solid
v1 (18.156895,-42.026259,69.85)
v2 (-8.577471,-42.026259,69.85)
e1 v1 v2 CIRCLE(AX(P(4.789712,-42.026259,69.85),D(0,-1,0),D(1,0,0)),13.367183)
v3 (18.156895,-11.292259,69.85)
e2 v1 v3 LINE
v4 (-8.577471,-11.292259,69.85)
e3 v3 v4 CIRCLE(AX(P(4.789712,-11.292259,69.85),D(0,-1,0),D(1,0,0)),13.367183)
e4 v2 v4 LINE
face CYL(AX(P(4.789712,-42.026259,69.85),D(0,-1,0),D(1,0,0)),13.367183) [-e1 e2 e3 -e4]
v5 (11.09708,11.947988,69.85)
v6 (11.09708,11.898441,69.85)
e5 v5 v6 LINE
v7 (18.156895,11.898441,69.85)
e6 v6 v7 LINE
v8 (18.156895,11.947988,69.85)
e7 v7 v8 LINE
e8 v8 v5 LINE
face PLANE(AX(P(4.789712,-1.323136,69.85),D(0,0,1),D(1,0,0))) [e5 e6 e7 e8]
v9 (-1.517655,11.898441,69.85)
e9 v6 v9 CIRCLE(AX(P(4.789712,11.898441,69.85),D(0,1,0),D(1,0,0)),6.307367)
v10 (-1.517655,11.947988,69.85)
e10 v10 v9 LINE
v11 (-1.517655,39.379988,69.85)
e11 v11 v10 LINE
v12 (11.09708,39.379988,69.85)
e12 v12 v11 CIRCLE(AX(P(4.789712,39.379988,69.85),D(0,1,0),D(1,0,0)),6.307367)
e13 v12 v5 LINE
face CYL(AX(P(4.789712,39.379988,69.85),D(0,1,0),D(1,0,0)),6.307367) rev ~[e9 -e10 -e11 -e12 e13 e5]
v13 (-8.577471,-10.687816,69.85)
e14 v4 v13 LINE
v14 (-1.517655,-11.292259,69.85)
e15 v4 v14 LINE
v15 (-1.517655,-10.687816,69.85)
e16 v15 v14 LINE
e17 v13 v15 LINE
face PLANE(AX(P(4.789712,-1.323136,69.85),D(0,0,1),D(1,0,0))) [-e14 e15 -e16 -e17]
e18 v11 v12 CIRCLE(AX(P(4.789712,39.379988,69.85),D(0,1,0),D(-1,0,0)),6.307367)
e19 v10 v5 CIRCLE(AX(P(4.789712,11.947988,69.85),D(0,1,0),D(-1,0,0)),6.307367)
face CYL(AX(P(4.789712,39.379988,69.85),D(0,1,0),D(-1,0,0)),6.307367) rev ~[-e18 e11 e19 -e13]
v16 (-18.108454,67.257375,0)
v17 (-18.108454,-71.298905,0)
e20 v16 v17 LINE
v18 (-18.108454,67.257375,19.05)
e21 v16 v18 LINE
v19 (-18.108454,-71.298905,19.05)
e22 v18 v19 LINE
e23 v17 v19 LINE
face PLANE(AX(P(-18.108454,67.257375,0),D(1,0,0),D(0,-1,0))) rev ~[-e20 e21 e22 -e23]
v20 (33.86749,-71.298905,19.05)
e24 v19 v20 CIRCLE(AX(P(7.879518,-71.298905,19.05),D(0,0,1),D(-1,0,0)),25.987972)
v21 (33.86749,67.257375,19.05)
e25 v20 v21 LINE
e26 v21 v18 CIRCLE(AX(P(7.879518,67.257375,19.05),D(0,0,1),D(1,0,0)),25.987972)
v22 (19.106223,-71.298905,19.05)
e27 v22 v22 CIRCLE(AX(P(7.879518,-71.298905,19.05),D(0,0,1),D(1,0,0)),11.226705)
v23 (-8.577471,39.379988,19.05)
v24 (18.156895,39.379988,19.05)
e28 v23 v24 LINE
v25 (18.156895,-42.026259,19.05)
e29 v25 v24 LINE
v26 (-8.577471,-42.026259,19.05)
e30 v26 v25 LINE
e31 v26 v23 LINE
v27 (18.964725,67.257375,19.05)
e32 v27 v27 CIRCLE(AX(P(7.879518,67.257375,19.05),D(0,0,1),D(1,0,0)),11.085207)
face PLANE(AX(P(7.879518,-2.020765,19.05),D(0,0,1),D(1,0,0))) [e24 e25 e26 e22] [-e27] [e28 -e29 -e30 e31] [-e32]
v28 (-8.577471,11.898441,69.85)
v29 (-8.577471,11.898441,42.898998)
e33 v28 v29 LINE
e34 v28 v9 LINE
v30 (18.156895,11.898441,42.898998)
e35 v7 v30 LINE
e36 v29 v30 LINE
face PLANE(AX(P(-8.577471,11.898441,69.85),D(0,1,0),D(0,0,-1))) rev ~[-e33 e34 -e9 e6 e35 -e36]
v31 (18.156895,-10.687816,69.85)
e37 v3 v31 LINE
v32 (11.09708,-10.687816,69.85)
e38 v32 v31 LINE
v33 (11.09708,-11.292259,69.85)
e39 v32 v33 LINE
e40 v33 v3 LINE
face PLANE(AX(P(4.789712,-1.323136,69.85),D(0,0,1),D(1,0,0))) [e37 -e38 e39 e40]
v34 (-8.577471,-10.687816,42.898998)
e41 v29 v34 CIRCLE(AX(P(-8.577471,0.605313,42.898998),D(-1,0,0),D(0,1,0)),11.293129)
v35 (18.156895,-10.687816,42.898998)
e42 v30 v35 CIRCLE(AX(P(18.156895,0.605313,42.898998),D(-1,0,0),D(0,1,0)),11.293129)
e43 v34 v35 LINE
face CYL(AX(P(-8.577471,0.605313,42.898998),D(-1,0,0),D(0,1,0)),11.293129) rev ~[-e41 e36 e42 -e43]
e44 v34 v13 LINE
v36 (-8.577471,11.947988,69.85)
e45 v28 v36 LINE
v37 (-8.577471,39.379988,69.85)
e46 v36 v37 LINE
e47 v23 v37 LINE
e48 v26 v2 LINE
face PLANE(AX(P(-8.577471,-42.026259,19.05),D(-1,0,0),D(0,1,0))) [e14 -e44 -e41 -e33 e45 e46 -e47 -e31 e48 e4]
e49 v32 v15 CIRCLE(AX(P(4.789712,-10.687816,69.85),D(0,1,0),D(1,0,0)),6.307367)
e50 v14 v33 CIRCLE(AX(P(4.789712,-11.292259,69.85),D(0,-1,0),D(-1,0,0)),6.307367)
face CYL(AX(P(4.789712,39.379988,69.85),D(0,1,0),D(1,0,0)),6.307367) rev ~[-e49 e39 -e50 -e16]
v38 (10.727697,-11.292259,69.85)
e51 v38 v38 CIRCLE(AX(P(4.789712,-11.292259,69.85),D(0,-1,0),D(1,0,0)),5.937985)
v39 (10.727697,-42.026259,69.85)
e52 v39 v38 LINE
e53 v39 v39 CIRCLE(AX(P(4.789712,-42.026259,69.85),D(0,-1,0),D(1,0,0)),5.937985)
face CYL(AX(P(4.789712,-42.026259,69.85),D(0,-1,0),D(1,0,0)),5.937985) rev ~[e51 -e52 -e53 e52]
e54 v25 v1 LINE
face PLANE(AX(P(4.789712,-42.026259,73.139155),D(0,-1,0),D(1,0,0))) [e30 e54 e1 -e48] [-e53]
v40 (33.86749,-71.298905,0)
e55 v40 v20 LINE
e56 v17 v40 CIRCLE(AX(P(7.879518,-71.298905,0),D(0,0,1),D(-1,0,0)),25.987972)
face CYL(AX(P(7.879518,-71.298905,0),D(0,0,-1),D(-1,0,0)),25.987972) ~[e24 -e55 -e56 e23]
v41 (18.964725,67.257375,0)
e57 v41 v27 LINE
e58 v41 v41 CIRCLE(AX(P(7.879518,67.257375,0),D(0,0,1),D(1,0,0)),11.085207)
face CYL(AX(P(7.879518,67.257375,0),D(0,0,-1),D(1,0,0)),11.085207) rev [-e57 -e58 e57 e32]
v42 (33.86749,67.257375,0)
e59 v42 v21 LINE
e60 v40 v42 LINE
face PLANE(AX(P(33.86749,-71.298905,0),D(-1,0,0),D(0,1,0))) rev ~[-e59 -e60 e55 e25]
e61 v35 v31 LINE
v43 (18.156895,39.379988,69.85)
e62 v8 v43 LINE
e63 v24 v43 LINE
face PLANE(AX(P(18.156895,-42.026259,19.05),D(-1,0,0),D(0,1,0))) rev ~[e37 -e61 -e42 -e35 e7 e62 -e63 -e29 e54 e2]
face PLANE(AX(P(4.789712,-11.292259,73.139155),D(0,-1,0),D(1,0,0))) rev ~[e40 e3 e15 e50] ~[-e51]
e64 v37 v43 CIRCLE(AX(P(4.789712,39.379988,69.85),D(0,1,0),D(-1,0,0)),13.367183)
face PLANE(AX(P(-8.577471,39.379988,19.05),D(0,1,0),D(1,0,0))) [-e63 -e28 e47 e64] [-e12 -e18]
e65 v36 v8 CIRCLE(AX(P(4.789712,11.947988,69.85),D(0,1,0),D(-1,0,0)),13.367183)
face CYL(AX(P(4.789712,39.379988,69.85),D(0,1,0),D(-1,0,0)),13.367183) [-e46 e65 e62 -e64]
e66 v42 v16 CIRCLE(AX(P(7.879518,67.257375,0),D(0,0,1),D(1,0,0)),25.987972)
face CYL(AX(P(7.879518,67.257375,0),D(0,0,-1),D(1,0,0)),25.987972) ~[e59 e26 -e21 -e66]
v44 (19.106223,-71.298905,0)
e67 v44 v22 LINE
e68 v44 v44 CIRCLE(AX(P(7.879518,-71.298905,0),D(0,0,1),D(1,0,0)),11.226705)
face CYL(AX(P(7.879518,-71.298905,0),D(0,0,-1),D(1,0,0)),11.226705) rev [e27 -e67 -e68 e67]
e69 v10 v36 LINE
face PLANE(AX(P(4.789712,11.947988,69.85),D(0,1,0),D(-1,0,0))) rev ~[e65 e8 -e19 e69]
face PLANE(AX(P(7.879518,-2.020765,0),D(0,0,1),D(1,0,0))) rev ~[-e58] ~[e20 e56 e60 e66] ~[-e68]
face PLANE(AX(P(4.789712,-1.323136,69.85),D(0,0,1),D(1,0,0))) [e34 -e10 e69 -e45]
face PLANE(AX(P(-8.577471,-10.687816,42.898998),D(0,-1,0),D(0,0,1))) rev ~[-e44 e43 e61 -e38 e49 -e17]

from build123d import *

# Parameters (mm, degrees)
F0_R      = 11.2267046734
F0_R_2    = 11.0852071495
F1_DEPTH  = 19.05
F2_W      = 26.7343660817
F2_H      = 81.4062468708
F3_DEPTH  = 50.8
F5_DEPTH  = 42.4459602142
F6_R      = 6.3073673096
F7_DEPTH  = 27.432
F8_DEPTH  = 136.6678641567
F9_R      = 5.937984747
F10_DEPTH = 30.734


with BuildPart() as f1:
    # F0 (on Top) → F1 (new body)
    with BuildSketch(Plane.XY):
        with BuildLine():
            Line((-18.1084536016, 67.2573745251), (-18.1084536016, -71.298904717))
            ThreePointArc((-18.1084536016, -71.298904717), (7.8795179725, -97.286876291), (33.8674895465, -71.298904717))
            Line((33.8674895465, -71.298904717), (33.8674895465, 67.2573745251))
            ThreePointArc((33.8674895465, 67.2573745251), (7.8795179725, 93.2453460991), (-18.1084536016, 67.2573745251))
        make_face()
        with Locations((7.8795179725, -71.298904717)):
            Circle(F0_R, mode=Mode.SUBTRACT)
        with Locations((7.8795179725, 67.2573745251)):
            Circle(F0_R_2, mode=Mode.SUBTRACT)
    extrude(amount=F1_DEPTH)

    # F2 (on face) → F3 (join)
    with BuildSketch(Plane.XY.offset(19.05)):
        with Locations((4.7897123732, -1.3231355697)):
            Rectangle(F2_W, F2_H)
    extrude(amount=F3_DEPTH)

    # F4 (on face) → F5 (cut, through all)
    with BuildSketch(Plane(origin=(-8.5774706677, 0, 0), x_dir=(0, -1, 0), z_dir=(-1, 0, 0))):
        with BuildLine():
            Line((10.6878159568, 69.85), (-11.8984412402, 69.85))
            Line((-11.8984412402, 69.85), (-11.8984412402, 42.8989976645))
            ThreePointArc((-11.8984412402, 42.8989976645), (-0.6053126417, 31.605869066), (10.6878159568, 42.8989976645))
            Line((10.6878159568, 42.8989976645), (10.6878159568, 69.85))
        make_face()
    extrude(amount=-F5_DEPTH, mode=Mode.SUBTRACT)

    # F6 (on face) → F7 (join)
    with BuildSketch(Plane(origin=(0, 39.3799878657, 0), x_dir=(-1, 0, 0), z_dir=(0, 1, 0))):
        with Locations((-4.7897123732, 69.85)):
            Circle(F6_R)
        with BuildLine():
            Line((1.5176549365, 69.85), (8.5774706677, 69.85))
            ThreePointArc((8.5774706677, 69.85), (-4.7897123732, 83.2171830408), (-18.156895414, 69.85))
            Line((-18.156895414, 69.85), (-11.0970796828, 69.85))
            ThreePointArc((-11.0970796828, 69.85), (-4.7897123732, 76.1573673096), (1.5176549365, 69.85))
        make_face()
    extrude(amount=-F7_DEPTH)

    # F6 (on face) → F8 (cut, through all)
    with BuildSketch(Plane(origin=(0, 39.3799878657, 0), x_dir=(-1, 0, 0), z_dir=(0, 1, 0))):
        with BuildLine():
            ThreePointArc((-11.0970796828, 69.85), (-4.7897123732, 63.5426326904), (1.5176549365, 69.85))
            Line((1.5176549365, 69.85), (-11.0970796828, 69.85))
        make_face()
        with BuildLine():
            Line((-11.0970796828, 69.85), (1.5176549365, 69.85))
            ThreePointArc((1.5176549365, 69.85), (-4.7897123732, 76.1573673096), (-11.0970796828, 69.85))
        make_face()
    extrude(amount=-F8_DEPTH, mode=Mode.SUBTRACT)

    # F9 (on face) → F10 (join)
    with BuildSketch(Plane.XZ.offset(42.0262590051)):
        with BuildLine():
            Line((11.0970796828, 69.85), (18.156895414, 69.85))
            ThreePointArc((18.156895414, 69.85), (4.7897123732, 83.2171830408), (-8.5774706677, 69.85))
            Line((-8.5774706677, 69.85), (-1.5176549365, 69.85))
            ThreePointArc((-1.5176549365, 69.85), (4.7897123732, 63.5426326904), (11.0970796828, 69.85))
        make_face()
        with Locations((4.7897123732, 69.85)):
            Circle(F9_R, mode=Mode.SUBTRACT)
    extrude(amount=-F10_DEPTH)


solid = f1.part
